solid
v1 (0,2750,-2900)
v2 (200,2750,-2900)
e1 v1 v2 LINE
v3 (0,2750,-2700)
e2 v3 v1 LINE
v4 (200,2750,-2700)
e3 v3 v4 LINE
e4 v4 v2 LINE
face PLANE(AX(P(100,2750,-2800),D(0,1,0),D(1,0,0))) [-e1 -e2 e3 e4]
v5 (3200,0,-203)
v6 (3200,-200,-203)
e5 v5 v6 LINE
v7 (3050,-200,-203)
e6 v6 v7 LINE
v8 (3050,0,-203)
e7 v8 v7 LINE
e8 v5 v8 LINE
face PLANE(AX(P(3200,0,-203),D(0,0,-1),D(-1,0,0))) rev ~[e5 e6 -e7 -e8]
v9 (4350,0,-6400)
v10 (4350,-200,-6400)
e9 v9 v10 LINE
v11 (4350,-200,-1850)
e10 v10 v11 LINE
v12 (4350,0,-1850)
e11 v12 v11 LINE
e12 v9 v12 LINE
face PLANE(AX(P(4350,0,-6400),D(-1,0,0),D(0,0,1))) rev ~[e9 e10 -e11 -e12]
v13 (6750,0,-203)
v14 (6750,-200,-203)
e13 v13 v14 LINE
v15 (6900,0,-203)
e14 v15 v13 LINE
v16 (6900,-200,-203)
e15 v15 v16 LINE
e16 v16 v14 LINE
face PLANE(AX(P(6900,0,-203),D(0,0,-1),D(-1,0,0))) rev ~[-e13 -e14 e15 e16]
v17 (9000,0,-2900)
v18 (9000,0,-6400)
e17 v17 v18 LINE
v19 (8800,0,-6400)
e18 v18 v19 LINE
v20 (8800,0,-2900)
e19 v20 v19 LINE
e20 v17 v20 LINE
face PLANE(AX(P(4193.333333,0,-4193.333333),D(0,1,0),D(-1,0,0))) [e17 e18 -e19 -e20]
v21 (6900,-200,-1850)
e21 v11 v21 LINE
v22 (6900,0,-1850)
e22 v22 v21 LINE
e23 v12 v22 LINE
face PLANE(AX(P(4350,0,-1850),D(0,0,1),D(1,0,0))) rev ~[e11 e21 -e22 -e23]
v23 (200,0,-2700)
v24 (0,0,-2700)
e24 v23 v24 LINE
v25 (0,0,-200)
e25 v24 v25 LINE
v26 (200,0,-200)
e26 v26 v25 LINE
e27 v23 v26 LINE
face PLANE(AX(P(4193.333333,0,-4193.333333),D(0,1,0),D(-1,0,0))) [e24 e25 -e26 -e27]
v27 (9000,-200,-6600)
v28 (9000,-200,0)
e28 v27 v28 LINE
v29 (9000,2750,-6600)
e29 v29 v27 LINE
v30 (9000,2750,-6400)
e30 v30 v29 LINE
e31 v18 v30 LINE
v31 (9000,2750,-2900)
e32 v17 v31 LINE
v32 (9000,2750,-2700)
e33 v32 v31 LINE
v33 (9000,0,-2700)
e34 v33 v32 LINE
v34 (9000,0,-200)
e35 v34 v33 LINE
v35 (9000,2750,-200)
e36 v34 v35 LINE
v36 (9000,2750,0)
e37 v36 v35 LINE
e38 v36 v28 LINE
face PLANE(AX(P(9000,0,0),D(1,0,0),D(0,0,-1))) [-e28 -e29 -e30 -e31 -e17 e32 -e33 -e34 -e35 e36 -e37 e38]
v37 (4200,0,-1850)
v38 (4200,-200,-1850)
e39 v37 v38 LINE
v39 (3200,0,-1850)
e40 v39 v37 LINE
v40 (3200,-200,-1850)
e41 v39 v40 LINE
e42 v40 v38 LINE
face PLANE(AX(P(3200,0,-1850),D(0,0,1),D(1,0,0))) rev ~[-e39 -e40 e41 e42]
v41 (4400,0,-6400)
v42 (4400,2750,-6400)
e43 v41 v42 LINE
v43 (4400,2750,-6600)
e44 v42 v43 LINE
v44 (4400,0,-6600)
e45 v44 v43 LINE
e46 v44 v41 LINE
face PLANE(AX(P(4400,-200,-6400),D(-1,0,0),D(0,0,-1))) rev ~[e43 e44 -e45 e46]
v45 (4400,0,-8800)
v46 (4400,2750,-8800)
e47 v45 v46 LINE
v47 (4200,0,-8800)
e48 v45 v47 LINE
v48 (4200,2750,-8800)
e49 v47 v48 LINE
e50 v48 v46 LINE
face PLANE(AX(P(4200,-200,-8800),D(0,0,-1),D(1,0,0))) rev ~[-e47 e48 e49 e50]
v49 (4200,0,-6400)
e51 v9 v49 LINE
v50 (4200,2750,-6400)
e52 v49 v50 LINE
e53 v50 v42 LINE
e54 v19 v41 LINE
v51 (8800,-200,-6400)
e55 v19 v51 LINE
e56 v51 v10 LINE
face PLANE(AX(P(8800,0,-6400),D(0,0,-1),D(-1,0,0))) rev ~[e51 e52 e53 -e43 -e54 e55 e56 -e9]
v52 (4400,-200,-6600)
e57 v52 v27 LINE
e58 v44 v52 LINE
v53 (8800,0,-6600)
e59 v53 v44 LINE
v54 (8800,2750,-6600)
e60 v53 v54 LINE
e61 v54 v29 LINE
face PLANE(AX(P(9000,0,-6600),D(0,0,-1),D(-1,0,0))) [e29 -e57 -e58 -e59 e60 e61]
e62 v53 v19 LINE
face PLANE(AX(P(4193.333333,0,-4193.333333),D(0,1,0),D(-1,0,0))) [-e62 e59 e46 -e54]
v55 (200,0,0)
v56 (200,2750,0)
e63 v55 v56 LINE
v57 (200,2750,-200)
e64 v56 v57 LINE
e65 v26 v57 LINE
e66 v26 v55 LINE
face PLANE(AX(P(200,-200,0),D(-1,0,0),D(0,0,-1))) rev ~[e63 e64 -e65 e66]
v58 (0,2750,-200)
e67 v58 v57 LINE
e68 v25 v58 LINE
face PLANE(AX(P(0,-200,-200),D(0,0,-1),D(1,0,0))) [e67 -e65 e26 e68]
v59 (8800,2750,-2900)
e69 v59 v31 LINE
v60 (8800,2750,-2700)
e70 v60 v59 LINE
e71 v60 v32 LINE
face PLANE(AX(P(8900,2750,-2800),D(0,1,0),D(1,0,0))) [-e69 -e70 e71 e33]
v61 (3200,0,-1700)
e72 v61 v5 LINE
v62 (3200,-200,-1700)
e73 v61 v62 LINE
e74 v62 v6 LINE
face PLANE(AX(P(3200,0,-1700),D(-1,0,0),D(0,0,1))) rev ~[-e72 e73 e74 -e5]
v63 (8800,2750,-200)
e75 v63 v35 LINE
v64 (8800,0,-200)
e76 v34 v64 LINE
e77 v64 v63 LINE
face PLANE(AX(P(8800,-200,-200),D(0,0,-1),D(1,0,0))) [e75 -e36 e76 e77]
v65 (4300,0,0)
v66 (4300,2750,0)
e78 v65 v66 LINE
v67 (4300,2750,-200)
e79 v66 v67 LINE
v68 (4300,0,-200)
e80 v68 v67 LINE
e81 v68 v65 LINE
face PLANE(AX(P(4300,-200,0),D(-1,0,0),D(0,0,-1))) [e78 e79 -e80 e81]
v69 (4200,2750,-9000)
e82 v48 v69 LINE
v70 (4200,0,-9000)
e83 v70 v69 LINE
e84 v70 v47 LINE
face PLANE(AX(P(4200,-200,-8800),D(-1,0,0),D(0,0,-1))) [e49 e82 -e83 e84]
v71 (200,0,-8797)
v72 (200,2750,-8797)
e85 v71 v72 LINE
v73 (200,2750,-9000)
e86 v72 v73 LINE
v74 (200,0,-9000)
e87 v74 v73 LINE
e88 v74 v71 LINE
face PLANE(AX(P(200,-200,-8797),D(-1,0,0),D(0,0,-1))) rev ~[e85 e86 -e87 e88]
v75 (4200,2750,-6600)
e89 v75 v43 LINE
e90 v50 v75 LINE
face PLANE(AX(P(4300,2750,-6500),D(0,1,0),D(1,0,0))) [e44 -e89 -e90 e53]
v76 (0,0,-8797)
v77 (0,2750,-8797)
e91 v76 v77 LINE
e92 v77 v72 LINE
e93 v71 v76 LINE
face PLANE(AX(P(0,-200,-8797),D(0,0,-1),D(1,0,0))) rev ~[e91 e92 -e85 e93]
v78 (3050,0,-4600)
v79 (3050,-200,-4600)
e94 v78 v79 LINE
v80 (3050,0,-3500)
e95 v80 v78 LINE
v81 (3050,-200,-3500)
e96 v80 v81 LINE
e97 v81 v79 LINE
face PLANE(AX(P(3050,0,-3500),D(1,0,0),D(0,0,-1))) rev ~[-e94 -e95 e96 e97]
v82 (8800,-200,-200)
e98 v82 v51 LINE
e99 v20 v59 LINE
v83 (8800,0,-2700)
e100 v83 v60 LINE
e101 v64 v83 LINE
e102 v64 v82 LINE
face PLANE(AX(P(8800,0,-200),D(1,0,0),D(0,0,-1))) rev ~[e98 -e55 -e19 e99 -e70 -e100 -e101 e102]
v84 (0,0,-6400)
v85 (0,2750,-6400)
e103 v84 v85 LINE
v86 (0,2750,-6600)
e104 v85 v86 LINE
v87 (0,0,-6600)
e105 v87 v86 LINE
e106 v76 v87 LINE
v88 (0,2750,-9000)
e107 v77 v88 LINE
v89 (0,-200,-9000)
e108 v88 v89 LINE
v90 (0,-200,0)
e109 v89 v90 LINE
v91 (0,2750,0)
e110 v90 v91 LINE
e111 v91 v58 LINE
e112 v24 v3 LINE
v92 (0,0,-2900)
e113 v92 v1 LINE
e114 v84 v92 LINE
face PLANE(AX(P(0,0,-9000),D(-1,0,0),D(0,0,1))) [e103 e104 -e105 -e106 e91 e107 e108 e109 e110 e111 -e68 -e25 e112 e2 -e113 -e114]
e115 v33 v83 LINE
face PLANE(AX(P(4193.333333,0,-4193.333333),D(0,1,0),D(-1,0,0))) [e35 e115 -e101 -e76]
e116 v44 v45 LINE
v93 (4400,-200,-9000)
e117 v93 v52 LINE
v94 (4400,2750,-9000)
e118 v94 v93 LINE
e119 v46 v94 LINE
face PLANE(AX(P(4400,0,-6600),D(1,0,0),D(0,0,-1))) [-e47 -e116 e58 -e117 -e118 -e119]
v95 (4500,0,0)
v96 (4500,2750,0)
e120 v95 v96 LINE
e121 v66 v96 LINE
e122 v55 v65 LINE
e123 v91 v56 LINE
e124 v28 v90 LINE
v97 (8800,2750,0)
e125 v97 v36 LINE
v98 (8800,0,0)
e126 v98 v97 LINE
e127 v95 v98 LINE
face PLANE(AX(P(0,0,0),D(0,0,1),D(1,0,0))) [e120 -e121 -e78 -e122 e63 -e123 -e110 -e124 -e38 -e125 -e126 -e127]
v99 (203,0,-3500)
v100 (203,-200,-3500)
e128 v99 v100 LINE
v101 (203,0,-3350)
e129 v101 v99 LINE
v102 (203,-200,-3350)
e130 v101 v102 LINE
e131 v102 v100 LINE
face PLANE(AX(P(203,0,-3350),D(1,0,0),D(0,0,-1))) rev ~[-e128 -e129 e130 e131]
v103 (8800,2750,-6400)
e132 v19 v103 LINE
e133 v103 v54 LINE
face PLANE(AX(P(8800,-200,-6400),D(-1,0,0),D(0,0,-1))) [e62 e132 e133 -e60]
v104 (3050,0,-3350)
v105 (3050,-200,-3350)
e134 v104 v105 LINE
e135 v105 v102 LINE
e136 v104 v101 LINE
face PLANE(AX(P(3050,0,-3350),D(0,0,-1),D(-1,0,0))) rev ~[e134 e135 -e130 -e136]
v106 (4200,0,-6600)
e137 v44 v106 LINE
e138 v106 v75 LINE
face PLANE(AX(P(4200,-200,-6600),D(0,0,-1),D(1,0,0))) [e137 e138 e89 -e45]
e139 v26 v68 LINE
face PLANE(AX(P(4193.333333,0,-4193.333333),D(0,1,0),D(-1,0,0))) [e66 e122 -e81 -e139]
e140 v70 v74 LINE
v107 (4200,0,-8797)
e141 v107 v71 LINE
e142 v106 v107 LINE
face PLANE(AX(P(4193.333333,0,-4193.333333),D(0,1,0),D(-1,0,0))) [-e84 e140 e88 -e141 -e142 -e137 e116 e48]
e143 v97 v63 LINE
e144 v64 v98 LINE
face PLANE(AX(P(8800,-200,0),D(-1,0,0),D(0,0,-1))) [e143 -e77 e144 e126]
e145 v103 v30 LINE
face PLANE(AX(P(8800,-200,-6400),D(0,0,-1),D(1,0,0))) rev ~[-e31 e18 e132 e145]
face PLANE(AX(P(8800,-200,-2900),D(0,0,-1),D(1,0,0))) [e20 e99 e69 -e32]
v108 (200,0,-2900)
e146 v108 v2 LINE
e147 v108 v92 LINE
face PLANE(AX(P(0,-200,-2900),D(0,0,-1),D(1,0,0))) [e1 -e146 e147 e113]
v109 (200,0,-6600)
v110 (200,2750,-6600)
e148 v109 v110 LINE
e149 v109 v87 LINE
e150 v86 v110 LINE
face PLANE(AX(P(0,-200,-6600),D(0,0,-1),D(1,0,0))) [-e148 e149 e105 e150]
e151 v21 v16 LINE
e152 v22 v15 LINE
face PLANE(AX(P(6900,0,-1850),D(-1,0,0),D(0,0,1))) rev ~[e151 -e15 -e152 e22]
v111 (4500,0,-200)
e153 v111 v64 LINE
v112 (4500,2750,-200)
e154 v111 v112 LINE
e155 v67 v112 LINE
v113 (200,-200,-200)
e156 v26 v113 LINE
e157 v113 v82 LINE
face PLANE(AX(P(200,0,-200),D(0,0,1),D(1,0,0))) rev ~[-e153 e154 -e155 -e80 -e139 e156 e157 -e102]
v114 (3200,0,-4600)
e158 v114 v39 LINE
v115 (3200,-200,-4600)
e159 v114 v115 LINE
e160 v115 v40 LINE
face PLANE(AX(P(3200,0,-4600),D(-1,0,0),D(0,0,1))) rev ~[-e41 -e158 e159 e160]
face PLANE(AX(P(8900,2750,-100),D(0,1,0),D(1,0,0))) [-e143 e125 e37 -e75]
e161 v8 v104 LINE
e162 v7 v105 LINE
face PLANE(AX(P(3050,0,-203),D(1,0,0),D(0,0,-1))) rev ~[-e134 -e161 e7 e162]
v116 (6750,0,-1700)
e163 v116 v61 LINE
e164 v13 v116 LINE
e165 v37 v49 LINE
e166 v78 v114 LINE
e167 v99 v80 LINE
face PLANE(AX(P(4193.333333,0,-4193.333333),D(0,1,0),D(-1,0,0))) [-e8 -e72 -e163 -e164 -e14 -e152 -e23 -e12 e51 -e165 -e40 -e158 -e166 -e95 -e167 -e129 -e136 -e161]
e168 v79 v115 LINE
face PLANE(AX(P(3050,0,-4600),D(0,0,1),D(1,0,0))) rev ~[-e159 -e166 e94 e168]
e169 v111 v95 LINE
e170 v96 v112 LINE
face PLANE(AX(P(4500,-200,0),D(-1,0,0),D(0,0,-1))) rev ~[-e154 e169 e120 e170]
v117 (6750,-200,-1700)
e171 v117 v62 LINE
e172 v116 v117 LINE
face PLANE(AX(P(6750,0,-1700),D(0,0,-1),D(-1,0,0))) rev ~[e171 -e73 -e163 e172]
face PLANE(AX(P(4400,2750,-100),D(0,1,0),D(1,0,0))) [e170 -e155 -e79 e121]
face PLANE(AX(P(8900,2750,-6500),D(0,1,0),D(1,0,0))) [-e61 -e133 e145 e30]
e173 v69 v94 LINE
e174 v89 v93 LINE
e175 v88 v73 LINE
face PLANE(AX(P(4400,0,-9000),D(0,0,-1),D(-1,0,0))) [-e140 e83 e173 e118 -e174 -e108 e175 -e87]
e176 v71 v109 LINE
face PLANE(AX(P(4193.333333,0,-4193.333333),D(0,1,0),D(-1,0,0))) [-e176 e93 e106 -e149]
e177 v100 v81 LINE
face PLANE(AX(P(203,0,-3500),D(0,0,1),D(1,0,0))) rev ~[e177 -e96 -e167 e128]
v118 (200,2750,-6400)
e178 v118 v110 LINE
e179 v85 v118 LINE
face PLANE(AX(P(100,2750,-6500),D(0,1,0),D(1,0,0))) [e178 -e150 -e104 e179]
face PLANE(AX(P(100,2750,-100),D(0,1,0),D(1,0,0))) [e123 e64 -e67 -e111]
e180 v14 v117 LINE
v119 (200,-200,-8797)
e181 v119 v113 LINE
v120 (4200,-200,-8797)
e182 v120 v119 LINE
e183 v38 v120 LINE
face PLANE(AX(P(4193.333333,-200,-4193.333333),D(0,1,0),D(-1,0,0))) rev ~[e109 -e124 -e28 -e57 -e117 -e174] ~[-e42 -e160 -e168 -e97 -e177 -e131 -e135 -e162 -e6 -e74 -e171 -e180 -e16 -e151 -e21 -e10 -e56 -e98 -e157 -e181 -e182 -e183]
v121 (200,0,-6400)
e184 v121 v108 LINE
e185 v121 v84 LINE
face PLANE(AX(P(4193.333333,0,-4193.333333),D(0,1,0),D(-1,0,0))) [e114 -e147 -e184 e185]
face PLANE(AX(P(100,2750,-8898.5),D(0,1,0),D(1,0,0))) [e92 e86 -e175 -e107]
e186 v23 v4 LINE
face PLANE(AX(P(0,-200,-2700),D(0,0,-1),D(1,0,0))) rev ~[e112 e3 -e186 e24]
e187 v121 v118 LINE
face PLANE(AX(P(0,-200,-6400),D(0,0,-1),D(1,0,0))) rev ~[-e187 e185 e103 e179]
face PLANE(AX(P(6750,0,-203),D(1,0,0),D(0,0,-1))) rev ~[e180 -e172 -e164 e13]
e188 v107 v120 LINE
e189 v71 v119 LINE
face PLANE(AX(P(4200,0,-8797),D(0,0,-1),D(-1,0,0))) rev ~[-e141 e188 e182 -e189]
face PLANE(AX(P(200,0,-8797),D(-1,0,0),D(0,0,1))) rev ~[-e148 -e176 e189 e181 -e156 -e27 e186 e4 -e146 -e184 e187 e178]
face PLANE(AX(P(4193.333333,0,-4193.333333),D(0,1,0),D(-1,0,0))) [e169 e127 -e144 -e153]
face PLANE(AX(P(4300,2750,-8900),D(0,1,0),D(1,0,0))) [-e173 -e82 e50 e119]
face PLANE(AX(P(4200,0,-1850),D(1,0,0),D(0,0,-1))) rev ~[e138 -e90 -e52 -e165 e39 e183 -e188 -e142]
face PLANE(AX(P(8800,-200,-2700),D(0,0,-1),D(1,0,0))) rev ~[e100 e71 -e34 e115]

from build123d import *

# Parameters (mm, degrees)
EXTRUDE_1_DEPTH = 200
SKETCH_2_W      = 200
SKETCH_2_H      = 203
SKETCH_2_H_2    = 200
EXTRUDE_2_DEPTH = 2950


with BuildPart() as part:
    # Эскиз1 → Бобышка-Вытянуть1 (new body)
    with BuildSketch(Plane(origin=(0, 0, 0), x_dir=(-1, 0, 0), z_dir=(0, 1, 0))):
        Polygon((0, 0), (-9000, 0), (-9000, -6600), (-4400, -6600), (-4400, -9000), (0, -9000), align=None)
        Polygon((-200, -200), (-8800, -200), (-8800, -6400), (-4350, -6400), (-4350, -1850), (-6900, -1850), (-6900, -203), (-6750, -203), (-6750, -1700), (-3200, -1700), (-3200, -203), (-3050, -203), (-3050, -3350), (-203, -3350), (-203, -3500), (-3050, -3500), (-3050, -4600), (-3200, -4600), (-3200, -1850), (-4200, -1850), (-4200, -8797), (-200, -8797), align=None, mode=Mode.SUBTRACT)
    extrude(amount=-EXTRUDE_1_DEPTH)

    # Эскиз2 → Бобышка-Вытянуть2 (add)
    with BuildSketch(Plane(origin=(0, -200, 0), x_dir=(1, 0, 0), z_dir=(0, 1, 0))):
        with Locations((100, 8898.5)):
            Rectangle(SKETCH_2_W, SKETCH_2_H)
        with Locations((8900, 2800)):
            Rectangle(SKETCH_2_W, SKETCH_2_H_2)
        with Locations((4300, 8900)):
            Rectangle(SKETCH_2_W, SKETCH_2_H_2)
        with Locations((4300, 6500)):
            Rectangle(SKETCH_2_W, SKETCH_2_H_2)
        with Locations((4400, 100)):
            Rectangle(SKETCH_2_W, SKETCH_2_H_2)
        with Locations((8900, 6500)):
            Rectangle(SKETCH_2_W, SKETCH_2_H_2)
        with Locations((8900, 100)):
            Rectangle(SKETCH_2_W, SKETCH_2_H_2)
        with Locations((100, 100)):
            Rectangle(SKETCH_2_W, SKETCH_2_H_2)
        with Locations((100, 2800)):
            Rectangle(SKETCH_2_W, SKETCH_2_H_2)
        with Locations((100, 6500)):
            Rectangle(SKETCH_2_W, SKETCH_2_H_2)
    extrude(amount=EXTRUDE_2_DEPTH)


solid = part.part
